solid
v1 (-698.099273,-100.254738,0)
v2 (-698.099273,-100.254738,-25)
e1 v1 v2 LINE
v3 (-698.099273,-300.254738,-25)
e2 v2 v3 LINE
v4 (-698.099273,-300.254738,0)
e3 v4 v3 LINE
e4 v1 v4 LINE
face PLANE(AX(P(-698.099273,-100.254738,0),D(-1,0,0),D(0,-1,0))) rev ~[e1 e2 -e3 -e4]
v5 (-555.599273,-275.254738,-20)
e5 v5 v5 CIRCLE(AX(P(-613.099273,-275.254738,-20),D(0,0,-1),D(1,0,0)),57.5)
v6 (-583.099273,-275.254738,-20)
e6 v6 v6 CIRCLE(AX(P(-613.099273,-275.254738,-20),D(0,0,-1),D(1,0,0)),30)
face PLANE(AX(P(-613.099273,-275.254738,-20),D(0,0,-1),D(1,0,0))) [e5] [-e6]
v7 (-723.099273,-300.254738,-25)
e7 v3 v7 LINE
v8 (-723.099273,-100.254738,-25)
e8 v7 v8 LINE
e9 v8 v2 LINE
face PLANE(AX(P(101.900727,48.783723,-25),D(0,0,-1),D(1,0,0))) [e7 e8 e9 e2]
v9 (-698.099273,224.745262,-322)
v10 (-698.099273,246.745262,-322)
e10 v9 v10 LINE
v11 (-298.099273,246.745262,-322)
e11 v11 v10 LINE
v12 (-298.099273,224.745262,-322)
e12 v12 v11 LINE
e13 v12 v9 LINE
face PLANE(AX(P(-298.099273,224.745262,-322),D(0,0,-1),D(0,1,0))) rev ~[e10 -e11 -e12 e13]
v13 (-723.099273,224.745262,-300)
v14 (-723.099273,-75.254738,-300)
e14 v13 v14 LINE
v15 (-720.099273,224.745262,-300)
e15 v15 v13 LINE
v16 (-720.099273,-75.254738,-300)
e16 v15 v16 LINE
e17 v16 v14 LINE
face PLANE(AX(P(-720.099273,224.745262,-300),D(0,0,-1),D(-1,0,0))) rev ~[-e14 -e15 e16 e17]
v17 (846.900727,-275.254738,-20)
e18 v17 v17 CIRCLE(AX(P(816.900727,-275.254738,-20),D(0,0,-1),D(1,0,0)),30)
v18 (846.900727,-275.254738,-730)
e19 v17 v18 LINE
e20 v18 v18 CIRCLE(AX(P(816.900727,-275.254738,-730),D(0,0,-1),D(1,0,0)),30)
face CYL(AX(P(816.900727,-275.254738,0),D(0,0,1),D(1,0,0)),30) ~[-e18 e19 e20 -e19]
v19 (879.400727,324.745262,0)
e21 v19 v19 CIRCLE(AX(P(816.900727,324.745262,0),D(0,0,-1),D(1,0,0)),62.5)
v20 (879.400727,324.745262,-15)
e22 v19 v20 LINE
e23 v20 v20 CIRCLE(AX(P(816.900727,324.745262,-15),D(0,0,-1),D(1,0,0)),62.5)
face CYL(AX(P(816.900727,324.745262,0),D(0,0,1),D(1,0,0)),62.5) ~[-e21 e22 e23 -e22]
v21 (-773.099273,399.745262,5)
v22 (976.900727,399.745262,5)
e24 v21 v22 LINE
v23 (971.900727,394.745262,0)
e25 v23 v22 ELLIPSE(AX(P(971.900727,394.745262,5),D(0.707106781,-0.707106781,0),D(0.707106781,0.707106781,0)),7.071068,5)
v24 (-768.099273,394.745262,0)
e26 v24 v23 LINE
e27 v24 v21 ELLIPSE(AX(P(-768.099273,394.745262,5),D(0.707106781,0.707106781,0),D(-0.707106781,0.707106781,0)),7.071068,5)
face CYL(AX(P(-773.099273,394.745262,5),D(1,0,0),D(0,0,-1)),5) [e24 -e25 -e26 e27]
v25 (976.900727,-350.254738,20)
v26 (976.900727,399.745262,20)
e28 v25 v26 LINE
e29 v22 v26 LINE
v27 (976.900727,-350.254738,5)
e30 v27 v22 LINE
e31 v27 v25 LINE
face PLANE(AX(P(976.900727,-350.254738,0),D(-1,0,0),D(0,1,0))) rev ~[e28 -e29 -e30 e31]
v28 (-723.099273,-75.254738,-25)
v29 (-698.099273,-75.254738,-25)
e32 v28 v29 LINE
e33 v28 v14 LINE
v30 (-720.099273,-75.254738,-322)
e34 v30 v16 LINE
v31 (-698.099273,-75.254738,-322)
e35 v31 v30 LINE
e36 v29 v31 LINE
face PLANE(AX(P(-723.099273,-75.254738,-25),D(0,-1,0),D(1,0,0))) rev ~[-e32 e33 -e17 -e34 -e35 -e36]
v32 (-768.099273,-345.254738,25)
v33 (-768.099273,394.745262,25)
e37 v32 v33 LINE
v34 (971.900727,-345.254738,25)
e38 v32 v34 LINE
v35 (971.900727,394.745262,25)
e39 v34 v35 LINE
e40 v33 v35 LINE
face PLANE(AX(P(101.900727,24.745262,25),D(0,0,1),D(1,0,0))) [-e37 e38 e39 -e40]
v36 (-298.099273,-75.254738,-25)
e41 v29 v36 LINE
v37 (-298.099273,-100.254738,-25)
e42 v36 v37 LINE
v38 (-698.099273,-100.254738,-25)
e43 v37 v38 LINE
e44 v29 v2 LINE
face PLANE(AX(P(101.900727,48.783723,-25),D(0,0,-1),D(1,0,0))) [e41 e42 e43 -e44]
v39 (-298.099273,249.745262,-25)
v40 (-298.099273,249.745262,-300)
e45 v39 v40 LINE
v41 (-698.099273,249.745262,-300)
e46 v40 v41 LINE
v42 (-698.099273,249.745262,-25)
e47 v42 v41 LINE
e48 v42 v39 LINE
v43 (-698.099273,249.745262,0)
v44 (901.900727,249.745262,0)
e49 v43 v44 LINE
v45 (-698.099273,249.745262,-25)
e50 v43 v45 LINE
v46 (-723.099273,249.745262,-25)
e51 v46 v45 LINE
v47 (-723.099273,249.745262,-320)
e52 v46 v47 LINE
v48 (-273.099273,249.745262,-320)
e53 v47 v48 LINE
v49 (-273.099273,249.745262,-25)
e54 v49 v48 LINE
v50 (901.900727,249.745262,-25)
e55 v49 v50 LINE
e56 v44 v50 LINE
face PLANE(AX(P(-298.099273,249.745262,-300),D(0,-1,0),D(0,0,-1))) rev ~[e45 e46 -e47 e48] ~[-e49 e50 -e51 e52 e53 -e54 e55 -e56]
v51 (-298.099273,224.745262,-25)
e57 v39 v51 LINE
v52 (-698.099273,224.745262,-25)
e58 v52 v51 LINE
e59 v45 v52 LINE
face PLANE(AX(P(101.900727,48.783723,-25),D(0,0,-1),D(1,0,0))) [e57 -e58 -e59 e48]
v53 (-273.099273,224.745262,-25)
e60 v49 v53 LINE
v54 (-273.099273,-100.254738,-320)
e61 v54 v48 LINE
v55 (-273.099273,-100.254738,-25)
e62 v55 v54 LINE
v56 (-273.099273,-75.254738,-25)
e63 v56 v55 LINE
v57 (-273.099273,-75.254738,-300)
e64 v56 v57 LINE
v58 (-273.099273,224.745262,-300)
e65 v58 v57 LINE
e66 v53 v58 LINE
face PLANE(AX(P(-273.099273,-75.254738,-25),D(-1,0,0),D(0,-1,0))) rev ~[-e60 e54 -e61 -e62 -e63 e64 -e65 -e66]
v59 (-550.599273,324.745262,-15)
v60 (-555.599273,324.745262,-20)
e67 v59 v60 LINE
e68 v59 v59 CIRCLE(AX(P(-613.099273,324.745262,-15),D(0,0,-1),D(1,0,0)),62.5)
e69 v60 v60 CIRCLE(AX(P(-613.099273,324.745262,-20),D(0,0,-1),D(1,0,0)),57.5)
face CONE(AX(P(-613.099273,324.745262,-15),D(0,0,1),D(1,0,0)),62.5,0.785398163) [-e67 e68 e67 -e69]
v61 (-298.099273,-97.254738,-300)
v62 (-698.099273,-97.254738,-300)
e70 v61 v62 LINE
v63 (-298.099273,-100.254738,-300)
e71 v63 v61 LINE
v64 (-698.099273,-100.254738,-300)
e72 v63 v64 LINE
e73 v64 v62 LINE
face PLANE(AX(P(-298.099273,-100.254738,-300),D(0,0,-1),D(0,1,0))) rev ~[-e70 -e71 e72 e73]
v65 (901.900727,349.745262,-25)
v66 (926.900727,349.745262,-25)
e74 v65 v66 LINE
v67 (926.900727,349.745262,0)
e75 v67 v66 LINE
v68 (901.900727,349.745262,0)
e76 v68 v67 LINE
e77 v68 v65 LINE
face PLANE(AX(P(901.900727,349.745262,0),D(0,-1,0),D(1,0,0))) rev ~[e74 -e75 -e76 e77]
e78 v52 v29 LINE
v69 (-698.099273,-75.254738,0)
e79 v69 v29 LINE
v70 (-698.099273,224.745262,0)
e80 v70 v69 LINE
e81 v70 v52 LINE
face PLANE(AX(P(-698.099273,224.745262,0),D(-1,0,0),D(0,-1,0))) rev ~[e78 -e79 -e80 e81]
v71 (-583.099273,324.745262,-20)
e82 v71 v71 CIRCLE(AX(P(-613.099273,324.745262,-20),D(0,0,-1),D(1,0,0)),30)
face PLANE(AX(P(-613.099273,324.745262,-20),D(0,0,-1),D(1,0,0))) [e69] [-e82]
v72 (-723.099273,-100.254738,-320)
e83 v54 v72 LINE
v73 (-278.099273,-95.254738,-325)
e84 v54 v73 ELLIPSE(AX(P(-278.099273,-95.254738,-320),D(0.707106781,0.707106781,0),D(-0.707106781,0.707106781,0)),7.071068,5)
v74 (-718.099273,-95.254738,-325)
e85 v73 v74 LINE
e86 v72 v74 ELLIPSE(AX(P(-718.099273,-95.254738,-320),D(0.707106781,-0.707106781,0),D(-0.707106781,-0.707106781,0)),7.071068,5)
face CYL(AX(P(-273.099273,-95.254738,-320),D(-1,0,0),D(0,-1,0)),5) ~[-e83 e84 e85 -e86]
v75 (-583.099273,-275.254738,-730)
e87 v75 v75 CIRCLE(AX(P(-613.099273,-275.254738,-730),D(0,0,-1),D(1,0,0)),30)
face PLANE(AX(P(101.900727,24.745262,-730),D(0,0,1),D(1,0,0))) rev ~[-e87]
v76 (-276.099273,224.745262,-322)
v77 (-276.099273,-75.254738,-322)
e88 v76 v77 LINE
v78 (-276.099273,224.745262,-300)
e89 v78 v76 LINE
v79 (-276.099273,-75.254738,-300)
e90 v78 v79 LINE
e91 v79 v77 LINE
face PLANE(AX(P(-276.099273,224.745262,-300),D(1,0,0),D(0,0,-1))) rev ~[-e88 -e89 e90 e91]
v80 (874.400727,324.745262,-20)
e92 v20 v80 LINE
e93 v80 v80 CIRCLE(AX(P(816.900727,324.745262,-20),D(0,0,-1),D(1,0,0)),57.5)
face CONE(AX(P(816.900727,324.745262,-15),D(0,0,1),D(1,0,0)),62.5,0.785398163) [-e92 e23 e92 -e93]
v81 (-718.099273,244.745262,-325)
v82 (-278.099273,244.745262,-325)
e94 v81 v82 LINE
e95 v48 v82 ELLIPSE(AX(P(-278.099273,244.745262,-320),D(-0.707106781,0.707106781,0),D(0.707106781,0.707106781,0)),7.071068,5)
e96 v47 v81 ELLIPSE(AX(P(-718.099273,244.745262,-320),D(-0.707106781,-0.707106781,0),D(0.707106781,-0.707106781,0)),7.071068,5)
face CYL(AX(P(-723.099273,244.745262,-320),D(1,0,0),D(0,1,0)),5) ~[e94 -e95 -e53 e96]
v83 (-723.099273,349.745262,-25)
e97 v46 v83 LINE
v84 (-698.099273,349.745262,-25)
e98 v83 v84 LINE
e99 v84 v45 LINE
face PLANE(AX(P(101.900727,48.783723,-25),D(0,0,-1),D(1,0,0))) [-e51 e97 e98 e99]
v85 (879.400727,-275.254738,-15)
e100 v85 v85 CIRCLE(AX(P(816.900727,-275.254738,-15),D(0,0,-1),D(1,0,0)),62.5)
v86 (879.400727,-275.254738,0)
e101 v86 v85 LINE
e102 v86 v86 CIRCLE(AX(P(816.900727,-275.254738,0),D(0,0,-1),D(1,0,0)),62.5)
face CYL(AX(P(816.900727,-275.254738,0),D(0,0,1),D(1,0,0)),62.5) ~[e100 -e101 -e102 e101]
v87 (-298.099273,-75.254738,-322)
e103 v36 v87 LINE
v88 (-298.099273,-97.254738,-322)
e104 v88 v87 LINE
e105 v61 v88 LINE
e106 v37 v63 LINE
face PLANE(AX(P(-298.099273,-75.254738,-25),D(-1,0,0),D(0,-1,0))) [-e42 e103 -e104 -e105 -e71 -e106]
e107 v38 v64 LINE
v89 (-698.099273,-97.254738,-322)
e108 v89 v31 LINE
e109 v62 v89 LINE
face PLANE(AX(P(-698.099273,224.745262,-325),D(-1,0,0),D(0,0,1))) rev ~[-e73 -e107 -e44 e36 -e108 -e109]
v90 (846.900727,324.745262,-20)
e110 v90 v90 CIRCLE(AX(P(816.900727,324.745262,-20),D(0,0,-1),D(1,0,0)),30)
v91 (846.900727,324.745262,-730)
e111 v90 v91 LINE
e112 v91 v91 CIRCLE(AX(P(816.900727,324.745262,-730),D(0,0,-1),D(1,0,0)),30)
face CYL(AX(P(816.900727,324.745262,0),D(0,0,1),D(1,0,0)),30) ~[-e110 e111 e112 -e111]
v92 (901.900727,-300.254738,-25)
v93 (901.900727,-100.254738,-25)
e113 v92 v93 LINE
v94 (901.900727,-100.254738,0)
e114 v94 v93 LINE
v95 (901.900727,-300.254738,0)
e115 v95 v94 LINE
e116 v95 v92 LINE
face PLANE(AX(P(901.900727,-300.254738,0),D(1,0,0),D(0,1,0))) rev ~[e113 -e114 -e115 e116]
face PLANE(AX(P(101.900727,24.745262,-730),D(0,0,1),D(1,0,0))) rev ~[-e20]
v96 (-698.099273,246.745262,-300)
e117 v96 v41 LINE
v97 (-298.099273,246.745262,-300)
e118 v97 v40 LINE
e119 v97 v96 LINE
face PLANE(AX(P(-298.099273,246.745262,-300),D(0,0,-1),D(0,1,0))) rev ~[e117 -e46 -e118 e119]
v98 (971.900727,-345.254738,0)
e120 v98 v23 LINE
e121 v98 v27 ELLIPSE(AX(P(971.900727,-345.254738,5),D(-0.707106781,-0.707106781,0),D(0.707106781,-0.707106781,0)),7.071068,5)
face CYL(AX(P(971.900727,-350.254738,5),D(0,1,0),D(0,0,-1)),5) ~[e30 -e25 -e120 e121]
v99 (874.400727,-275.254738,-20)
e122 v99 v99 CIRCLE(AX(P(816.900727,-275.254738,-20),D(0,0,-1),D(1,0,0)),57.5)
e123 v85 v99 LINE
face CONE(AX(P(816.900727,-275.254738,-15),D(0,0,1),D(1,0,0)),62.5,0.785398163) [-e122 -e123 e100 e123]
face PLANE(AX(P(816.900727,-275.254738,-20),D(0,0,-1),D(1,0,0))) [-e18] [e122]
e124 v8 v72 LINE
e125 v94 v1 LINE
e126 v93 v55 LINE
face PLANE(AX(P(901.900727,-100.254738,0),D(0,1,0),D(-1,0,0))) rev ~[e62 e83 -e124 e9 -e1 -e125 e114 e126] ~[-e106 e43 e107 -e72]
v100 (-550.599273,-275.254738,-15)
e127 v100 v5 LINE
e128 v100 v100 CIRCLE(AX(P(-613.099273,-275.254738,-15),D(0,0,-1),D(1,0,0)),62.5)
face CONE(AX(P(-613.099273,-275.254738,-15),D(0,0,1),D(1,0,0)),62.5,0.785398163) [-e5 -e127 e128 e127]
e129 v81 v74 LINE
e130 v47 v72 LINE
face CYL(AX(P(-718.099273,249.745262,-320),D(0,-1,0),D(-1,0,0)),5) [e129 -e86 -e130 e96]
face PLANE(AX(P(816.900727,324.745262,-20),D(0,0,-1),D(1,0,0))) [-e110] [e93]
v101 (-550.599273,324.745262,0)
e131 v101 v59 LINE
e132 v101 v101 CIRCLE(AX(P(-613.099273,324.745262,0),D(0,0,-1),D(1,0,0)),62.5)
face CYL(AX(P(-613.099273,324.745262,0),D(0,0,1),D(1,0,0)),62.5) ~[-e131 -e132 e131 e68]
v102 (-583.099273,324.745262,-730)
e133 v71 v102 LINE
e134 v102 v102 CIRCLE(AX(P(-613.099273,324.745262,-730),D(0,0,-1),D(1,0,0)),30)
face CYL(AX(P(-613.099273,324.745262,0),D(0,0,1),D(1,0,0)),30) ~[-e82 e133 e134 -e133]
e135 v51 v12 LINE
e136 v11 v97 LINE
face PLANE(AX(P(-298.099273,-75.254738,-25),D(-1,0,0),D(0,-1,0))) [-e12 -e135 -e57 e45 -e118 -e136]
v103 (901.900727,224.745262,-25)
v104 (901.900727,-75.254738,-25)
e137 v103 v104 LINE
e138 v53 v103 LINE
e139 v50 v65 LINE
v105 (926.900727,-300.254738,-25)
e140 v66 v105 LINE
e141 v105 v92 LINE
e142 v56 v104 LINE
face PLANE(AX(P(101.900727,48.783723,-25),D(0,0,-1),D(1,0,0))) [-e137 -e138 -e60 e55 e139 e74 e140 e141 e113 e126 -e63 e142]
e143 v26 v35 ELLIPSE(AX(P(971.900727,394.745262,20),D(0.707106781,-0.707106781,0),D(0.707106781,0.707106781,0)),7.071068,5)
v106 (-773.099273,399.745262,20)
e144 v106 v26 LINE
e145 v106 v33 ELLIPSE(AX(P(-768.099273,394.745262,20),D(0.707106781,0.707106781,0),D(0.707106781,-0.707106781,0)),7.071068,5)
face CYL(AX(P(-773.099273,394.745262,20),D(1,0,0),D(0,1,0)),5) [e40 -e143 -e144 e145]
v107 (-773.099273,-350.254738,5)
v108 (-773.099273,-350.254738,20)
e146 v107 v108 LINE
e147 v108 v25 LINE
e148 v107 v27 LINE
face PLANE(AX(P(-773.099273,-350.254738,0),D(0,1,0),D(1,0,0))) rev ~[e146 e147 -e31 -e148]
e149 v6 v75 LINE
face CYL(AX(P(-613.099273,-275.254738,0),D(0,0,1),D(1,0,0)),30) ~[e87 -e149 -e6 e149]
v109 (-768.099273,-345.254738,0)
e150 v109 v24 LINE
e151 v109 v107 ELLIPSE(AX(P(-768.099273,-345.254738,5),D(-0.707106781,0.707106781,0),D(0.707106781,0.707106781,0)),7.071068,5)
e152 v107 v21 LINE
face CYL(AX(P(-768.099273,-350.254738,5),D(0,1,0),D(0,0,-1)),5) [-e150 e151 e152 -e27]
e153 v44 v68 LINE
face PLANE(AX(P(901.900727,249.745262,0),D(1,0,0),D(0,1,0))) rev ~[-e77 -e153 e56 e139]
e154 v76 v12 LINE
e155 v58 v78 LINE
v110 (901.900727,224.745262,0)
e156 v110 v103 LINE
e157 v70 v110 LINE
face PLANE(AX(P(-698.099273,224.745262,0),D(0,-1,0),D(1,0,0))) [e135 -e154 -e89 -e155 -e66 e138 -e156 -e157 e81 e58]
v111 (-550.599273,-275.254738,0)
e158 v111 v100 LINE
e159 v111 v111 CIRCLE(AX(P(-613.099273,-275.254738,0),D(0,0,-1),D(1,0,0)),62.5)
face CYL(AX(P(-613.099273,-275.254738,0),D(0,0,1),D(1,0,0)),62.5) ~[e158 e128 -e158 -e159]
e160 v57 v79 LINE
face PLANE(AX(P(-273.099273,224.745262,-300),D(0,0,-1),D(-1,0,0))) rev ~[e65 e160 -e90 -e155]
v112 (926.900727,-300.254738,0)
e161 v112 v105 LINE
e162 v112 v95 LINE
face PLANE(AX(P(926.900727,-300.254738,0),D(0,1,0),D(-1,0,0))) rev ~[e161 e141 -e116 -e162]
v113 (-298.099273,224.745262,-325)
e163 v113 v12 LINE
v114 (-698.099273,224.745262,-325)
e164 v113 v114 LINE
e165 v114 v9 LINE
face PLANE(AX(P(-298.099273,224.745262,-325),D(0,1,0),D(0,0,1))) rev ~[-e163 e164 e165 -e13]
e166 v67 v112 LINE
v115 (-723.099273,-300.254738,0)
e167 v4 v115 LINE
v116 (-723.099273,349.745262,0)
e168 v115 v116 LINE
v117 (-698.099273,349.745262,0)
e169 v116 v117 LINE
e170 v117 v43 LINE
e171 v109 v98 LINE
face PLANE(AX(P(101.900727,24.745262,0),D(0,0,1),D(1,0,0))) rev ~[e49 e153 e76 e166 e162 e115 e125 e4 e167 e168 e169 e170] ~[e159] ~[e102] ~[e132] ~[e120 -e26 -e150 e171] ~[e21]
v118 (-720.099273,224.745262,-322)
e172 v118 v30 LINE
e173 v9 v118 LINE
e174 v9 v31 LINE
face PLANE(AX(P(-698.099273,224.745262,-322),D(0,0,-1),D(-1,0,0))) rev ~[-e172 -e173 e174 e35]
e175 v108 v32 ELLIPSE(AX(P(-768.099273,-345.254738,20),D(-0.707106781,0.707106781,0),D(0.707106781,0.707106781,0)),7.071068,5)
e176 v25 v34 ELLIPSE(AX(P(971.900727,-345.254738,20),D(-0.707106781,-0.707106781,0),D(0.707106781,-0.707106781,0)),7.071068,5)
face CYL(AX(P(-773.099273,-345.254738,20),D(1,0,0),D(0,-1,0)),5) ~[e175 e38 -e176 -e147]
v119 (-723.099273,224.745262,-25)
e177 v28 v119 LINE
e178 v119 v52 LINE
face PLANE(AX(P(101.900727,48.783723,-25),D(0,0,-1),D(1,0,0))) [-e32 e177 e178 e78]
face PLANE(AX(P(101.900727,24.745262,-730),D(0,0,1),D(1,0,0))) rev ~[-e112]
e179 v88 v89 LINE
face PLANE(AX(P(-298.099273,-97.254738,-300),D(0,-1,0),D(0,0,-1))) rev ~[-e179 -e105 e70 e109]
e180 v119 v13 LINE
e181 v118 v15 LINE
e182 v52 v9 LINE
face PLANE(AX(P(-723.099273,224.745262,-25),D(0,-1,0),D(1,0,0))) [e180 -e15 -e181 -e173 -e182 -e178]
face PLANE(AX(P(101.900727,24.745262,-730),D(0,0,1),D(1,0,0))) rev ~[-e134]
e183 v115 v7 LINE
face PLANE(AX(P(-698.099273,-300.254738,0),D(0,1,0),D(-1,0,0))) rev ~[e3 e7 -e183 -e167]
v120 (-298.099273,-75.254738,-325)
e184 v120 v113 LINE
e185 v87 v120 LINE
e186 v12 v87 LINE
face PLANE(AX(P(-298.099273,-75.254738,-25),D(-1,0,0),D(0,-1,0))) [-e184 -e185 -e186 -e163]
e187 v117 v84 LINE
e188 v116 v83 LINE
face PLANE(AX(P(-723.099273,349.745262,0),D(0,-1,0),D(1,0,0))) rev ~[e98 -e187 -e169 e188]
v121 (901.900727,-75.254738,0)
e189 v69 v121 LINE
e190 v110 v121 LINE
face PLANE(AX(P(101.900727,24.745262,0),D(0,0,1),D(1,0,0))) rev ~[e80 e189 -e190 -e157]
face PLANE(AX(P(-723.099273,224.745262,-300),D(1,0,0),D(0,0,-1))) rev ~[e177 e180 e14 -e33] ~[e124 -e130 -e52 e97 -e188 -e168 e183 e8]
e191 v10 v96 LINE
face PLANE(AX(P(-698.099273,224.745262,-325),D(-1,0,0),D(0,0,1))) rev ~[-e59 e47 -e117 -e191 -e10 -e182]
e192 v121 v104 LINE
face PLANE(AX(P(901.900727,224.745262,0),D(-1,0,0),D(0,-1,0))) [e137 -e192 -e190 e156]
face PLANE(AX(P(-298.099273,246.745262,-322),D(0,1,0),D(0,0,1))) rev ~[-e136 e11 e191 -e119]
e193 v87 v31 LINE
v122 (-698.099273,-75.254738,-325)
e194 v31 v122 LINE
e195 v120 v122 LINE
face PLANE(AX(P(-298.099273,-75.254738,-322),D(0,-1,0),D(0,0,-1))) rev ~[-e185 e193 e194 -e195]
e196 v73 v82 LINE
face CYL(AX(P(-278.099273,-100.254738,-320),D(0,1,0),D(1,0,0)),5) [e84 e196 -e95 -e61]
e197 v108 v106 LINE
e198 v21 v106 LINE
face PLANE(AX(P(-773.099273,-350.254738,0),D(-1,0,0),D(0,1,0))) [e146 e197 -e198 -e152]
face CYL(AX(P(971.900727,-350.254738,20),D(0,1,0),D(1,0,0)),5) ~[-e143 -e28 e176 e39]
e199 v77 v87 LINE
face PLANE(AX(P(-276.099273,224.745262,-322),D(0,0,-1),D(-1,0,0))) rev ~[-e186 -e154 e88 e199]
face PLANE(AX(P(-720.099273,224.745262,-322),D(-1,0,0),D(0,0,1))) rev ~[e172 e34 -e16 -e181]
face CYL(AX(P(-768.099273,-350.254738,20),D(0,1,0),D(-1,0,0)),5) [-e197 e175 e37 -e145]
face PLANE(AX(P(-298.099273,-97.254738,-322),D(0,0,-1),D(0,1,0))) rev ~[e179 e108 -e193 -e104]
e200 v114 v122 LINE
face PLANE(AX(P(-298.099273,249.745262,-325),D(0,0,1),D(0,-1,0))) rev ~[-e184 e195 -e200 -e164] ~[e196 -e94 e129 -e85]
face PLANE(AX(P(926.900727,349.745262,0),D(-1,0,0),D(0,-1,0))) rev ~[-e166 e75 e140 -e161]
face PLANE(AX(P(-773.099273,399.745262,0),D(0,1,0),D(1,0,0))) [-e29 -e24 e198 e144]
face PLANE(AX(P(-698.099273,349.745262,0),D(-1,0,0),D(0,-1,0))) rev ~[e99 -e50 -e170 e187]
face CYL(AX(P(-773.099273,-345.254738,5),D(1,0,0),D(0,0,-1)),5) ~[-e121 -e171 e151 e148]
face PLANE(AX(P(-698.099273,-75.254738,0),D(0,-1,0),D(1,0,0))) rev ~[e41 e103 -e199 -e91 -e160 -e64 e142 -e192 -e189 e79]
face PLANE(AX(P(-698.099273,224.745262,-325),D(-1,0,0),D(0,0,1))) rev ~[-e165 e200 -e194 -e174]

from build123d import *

# Parameters (mm, degrees)
F0_W      = 1750
F0_H      = 750
F1_DEPTH  = 25
F2_W      = 1600
F2_H      = 300
F3_DEPTH  = 25
F4_R      = 62.5
F4_R_2    = 30
F5_DEPTH  = 20
F6_DEPTH  = 730
F7_W      = 25
F7_H      = 25
F8_DEPTH  = 300
F10_DEPTH = 300
F12_DEPTH = 400
F13_R     = 5
F14_R     = 5
F15_SIZE  = 5


with BuildPart() as f1:
    # F0 (on Top) → F1 (new body)
    with BuildSketch(Plane.XY):
        with Locations((101.9007265568, 24.7452616992)):
            Rectangle(F0_W, F0_H)
    extrude(amount=F1_DEPTH)

    # F2 (on face) → F3 (join)
    with BuildSketch(Plane(origin=(0, 0, 0), x_dir=(1, 0, 0), z_dir=(0, 0, -1))):
        Polygon((-698.0992734432, 300.2547383008), (-723.0992734432, 300.2547383008), (-723.0992734432, -324.7452616992), (-723.0992734432, -349.7452616992), (-698.0992734432, -349.7452616992), (-698.0992734432, -249.7452616992), (901.9007265568, -249.7452616992), (901.9007265568, -349.7452616992), (926.9007265568, -349.7452616992), (926.9007265568, -324.7452616992), (926.9007265568, 300.2547383008), (901.9007265568, 300.2547383008), (901.9007265568, 100.2547383008), (-698.0992734432, 100.2547383008), align=None)
        with Locations((101.9007265568, -74.7452616992)):
            Rectangle(F2_W, F2_H, mode=Mode.SUBTRACT)
    extrude(amount=F3_DEPTH)

    # F4 (on face) → F5 (join)
    with BuildSketch(Plane(origin=(0, 0, 0), x_dir=(1, 0, 0), z_dir=(0, 0, -1))):
        with Locations((816.9007265568, 275.2547383008)):
            Circle(F4_R)
        with Locations((816.9007265568, 275.2547383008)):
            Circle(F4_R_2, mode=Mode.SUBTRACT)
        with Locations((-613.0992734432, 275.2547383008)):
            Circle(F4_R)
        with Locations((-613.0992734432, 275.2547383008)):
            Circle(F4_R_2, mode=Mode.SUBTRACT)
        with Locations((-613.0992734432, -324.7452616992)):
            Circle(F4_R)
        with Locations((-613.0992734432, -324.7452616992)):
            Circle(F4_R_2, mode=Mode.SUBTRACT)
        with Locations((816.9007265568, -324.7452616992)):
            Circle(F4_R)
        with Locations((816.9007265568, -324.7452616992)):
            Circle(F4_R_2, mode=Mode.SUBTRACT)
    extrude(amount=F5_DEPTH)

    # F6 (add): faces of the model
    f6_faces = [f1.faces().sort_by_distance(p)[0] for p in [
        (816.9007265568, 324.7452616992, 0),
        (-613.0992734432, 324.7452616992, 0),
        (-613.0992734432, -275.2547383008, 0),
        (816.9007265568, -275.2547383008, 0),
    ]]
    extrude(f6_faces, amount=F6_DEPTH)

    # F7 (on face) → F8 (join)
    with BuildSketch(Plane(origin=(0, 0, -25), x_dir=(1, 0, 0), z_dir=(0, 0, -1))):
        with Locations((-710.5992734432, 87.7547383008)):
            Rectangle(F7_W, F7_H)
        with Locations((-285.5992734432, 87.7547383008)):
            Rectangle(F7_W, F7_H)
        with Locations((-285.5992734432, -237.2452616992)):
            Rectangle(F7_W, F7_H)
        with Locations((-710.5992734432, -237.2452616992)):
            Rectangle(F7_W, F7_H)
    extrude(amount=F8_DEPTH)

    # F9 (on face) → F10 (join, through all)
    with BuildSketch(Plane.XZ.offset(-224.7452616992)):
        Polygon((-723.0992734432, -300), (-723.0992734432, -325), (-720.0992734432, -325), (-719.87169981, -325), (-698.0992734432, -325), (-698.0992734432, -322), (-720.0992734432, -322), (-720.0992734432, -300), align=None)
        Polygon((-298.0992734432, -322), (-298.0992734432, -325), (-273.0992734432, -325), (-273.0992734432, -300), (-276.0992734432, -300), (-276.0992734432, -322), align=None)
    extrude(amount=F10_DEPTH)

    # F11 (on face) → F12 (join, through all)
    with BuildSketch(Plane(origin=(-298.0992734432, 0, 0), x_dir=(0, -1, 0), z_dir=(-1, 0, 0))):
        Polygon((-224.7452616992, -325), (-224.7452616992, -322), (-246.7452616992, -322), (-246.7452616992, -300), (-249.7452616992, -300), (-249.7452616992, -322), (-249.7452616992, -325), align=None)
        Polygon((97.2547383008, -322), (75.2547383008, -322), (75.2547383008, -325), (100.2547383008, -325), (100.2547383008, -322), (100.2547383008, -300), (97.2547383008, -300), align=None)
    extrude(amount=F12_DEPTH)

    # F13
    f13_edges = [f1.edges().sort_by_distance(p)[0] for p in [
        (-723.099273, 74.745262, -325),
        (-498.099273, -100.254738, -325),
        (-273.099273, 74.745262, -325),
        (-498.099273, 249.745262, -325),
    ]]
    fillet(f13_edges, radius=F13_R)

    # F14
    f14_edges = [f1.edges().sort_by_distance(p)[0] for p in [
        (101.900727, 399.745262, 25),
        (-773.099273, 24.745262, 25),
        (101.900727, -350.254738, 25),
        (976.900727, 24.745262, 25),
        (101.900727, -350.254738, 0),
        (-773.099273, 24.745262, 0),
        (976.900727, 24.745262, 0),
        (101.900727, 399.745262, 0),
    ]]
    fillet(f14_edges, radius=F14_R)

    # F15
    f15_edges = [f1.edges().sort_by_distance(p)[0] for p in [
        (-675.599273, -275.254738, -20),
        (754.400727, -275.254738, -20),
        (754.400727, 324.745262, -20),
        (-675.599273, 324.745262, -20),
    ]]
    chamfer(f15_edges, length=F15_SIZE)


solid = f1.part
